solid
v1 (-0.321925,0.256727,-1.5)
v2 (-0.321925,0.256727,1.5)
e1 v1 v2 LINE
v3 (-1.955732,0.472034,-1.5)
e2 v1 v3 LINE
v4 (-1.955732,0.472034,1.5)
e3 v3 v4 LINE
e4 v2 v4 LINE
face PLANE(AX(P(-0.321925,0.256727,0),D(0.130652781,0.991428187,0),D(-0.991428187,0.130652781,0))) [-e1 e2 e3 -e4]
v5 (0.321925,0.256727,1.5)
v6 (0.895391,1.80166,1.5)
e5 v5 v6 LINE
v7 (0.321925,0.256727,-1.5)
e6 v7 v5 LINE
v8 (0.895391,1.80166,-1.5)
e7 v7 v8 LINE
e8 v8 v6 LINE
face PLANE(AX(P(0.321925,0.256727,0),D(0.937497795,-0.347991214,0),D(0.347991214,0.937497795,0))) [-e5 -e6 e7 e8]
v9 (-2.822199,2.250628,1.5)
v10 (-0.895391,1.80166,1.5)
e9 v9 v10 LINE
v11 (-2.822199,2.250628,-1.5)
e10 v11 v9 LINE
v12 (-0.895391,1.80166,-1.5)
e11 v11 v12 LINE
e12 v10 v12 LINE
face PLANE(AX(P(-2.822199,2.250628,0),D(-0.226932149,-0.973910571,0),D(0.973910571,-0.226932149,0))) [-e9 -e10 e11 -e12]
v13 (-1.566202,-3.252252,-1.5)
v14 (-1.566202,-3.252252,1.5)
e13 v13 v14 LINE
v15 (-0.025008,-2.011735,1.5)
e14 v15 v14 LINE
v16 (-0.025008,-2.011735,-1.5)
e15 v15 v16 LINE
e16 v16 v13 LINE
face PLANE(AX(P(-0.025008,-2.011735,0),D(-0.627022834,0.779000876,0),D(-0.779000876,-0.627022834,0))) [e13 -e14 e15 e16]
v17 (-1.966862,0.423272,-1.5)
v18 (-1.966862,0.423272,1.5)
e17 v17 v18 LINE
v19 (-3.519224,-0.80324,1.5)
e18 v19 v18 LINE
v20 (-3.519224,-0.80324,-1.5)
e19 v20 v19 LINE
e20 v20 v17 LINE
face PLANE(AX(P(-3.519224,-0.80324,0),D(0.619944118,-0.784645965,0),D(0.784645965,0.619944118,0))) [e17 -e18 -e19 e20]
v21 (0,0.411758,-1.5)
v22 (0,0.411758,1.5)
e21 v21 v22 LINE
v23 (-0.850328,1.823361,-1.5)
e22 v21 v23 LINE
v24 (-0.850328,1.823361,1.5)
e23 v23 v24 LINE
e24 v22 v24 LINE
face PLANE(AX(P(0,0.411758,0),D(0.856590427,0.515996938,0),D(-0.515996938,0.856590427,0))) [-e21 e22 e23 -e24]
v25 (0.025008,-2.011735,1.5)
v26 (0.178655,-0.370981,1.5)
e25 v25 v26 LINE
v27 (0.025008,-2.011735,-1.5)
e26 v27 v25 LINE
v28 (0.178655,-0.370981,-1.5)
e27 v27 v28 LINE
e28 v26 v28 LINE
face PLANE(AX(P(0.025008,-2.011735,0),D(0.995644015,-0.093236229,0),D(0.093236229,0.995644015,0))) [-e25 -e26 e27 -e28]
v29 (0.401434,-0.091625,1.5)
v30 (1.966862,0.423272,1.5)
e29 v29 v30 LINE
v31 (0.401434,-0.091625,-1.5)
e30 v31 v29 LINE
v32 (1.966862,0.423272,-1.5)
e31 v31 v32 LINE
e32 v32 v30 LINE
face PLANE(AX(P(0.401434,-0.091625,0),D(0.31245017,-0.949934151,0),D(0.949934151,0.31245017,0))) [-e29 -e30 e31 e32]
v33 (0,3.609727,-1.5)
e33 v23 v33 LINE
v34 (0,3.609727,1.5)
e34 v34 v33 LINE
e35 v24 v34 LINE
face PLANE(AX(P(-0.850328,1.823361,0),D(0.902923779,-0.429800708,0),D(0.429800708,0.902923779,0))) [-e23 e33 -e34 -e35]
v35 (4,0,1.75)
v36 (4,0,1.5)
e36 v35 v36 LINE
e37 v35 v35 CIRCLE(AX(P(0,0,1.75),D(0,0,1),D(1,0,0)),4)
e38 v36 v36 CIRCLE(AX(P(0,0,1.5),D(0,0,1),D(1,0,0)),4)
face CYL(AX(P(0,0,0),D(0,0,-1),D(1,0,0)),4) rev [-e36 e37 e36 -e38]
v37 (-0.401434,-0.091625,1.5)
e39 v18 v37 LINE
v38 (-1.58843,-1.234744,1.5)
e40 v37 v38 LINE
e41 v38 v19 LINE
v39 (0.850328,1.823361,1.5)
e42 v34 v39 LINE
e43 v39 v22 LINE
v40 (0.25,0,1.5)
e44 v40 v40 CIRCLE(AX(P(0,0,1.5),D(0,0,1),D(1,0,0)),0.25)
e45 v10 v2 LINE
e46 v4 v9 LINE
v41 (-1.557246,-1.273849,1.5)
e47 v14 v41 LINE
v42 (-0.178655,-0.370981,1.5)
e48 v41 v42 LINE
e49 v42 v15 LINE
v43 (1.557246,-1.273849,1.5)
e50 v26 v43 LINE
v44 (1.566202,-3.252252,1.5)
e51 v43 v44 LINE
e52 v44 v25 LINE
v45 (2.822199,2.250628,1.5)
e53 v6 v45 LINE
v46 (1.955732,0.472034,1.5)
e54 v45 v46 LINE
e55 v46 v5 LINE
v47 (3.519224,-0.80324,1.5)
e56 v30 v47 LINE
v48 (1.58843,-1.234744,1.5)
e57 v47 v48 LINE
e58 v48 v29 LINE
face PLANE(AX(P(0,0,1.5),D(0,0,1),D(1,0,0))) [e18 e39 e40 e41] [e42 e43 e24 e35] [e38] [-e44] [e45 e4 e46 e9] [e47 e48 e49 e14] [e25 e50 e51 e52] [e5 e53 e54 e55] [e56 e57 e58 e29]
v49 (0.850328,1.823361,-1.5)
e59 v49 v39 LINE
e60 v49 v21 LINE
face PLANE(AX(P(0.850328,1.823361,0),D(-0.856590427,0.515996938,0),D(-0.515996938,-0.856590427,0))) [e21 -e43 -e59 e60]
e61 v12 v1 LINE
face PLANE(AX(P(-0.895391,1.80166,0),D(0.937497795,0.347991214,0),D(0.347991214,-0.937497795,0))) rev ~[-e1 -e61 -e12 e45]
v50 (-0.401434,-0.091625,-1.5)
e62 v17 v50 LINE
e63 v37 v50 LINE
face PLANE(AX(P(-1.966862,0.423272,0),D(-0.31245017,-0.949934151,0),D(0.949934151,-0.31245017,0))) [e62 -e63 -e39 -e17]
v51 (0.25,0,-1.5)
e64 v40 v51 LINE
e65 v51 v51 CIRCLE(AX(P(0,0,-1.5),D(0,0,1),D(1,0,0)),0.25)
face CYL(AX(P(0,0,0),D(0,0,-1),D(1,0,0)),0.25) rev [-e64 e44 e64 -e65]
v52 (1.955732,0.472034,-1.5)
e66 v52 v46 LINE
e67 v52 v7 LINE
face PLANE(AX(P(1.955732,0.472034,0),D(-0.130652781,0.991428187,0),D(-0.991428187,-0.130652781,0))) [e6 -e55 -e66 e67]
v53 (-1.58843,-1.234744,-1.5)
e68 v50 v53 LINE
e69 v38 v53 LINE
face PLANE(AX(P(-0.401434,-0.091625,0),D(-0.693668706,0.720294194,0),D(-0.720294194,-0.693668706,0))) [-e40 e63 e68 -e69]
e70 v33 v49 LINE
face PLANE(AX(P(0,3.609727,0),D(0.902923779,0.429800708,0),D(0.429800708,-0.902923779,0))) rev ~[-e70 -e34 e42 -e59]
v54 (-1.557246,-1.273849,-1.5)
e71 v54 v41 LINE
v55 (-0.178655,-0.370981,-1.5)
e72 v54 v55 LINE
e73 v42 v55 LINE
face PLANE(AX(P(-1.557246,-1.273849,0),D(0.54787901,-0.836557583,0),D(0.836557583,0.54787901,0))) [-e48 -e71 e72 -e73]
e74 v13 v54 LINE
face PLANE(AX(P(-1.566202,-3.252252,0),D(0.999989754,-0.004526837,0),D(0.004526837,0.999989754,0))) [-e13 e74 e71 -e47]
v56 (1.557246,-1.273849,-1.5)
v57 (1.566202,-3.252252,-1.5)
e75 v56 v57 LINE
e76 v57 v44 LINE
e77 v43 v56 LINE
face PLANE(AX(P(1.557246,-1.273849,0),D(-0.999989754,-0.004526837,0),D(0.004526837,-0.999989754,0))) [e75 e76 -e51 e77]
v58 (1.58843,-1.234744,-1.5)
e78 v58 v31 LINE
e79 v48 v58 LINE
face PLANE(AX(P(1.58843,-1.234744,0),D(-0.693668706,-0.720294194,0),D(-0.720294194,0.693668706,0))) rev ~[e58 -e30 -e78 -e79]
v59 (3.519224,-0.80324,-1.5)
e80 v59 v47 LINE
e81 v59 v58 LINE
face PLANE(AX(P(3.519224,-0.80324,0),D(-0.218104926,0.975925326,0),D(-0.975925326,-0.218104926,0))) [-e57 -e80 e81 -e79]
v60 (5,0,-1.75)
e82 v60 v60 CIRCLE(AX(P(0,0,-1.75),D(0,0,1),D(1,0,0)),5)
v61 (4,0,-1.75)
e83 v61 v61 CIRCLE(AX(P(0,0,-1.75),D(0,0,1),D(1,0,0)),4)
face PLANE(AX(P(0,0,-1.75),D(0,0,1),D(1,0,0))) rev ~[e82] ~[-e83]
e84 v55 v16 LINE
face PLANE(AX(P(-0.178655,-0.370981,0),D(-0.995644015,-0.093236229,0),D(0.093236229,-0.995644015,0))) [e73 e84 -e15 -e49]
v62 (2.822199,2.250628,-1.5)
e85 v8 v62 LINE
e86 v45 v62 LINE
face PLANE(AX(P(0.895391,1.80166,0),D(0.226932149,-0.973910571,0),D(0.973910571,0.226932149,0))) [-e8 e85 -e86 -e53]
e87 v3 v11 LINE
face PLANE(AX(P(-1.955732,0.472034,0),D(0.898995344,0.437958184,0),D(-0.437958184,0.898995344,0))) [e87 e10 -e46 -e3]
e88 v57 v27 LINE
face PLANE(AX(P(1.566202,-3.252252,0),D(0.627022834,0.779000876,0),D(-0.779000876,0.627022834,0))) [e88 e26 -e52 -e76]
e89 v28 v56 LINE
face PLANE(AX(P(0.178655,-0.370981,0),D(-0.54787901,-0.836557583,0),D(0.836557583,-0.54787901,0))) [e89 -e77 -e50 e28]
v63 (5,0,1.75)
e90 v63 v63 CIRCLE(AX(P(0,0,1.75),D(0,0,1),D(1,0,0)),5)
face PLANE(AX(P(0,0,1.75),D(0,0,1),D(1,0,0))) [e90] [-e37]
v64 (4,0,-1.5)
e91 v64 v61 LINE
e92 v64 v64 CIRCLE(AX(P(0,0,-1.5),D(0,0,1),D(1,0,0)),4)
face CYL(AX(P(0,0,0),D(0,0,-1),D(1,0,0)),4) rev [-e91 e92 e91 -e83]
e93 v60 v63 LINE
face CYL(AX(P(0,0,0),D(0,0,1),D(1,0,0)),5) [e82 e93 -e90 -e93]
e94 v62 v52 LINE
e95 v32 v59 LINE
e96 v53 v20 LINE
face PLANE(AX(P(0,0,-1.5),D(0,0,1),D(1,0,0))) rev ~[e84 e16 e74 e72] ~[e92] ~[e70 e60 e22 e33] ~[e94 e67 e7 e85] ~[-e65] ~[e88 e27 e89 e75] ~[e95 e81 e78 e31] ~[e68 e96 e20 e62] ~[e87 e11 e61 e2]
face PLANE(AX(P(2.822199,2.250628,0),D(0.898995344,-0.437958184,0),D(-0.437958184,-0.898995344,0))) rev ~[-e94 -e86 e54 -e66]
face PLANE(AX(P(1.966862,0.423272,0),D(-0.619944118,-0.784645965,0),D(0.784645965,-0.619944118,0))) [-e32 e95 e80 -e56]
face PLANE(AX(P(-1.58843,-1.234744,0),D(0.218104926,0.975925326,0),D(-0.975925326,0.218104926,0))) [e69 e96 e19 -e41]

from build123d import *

# Parameters (mm, degrees)
F0_R     = 4
F0_R_2   = 0.25
F1_DEPTH = 1.5
F0_R_3   = 5
F2_DEPTH = 1.75


with BuildPart() as f1:
    # F0 (on Top) → F1 (new body, symmetric)
    with BuildSketch(Plane.XY):
        Circle(F0_R)
        Polygon((-1.566202, -3.252252), (-1.557246, -1.273849), (-0.178655, -0.370981), (-0.025008, -2.011735), align=None, mode=Mode.SUBTRACT)
        Polygon((-3.519224, -0.80324), (-1.966862, 0.423272), (-0.401434, -0.091625), (-1.58843, -1.234744), align=None, mode=Mode.SUBTRACT)
        Polygon((1.566202, -3.252252), (0.025008, -2.011735), (0.178655, -0.370981), (1.557246, -1.273849), align=None, mode=Mode.SUBTRACT)
        Polygon((3.519224, -0.80324), (1.58843, -1.234744), (0.401434, -0.091625), (1.966862, 0.423272), align=None, mode=Mode.SUBTRACT)
        Polygon((-2.822199, 2.250628), (-0.895391, 1.80166), (-0.321925, 0.256727), (-1.955732, 0.472034), align=None, mode=Mode.SUBTRACT)
        Circle(F0_R_2, mode=Mode.SUBTRACT)
        Polygon((-0.850328, 1.823361), (0, 3.609727), (0.850328, 1.823361), (0, 0.411758), align=None, mode=Mode.SUBTRACT)
        Polygon((2.822199, 2.250628), (1.955732, 0.472034), (0.321925, 0.256727), (0.895391, 1.80166), align=None, mode=Mode.SUBTRACT)
    extrude(amount=F1_DEPTH, both=True)

    # F0 (on Top) → F2 (join, symmetric)
    with BuildSketch(Plane.XY):
        Circle(F0_R_3)
        Circle(F0_R, mode=Mode.SUBTRACT)
    extrude(amount=F2_DEPTH, both=True)


solid = f1.part
